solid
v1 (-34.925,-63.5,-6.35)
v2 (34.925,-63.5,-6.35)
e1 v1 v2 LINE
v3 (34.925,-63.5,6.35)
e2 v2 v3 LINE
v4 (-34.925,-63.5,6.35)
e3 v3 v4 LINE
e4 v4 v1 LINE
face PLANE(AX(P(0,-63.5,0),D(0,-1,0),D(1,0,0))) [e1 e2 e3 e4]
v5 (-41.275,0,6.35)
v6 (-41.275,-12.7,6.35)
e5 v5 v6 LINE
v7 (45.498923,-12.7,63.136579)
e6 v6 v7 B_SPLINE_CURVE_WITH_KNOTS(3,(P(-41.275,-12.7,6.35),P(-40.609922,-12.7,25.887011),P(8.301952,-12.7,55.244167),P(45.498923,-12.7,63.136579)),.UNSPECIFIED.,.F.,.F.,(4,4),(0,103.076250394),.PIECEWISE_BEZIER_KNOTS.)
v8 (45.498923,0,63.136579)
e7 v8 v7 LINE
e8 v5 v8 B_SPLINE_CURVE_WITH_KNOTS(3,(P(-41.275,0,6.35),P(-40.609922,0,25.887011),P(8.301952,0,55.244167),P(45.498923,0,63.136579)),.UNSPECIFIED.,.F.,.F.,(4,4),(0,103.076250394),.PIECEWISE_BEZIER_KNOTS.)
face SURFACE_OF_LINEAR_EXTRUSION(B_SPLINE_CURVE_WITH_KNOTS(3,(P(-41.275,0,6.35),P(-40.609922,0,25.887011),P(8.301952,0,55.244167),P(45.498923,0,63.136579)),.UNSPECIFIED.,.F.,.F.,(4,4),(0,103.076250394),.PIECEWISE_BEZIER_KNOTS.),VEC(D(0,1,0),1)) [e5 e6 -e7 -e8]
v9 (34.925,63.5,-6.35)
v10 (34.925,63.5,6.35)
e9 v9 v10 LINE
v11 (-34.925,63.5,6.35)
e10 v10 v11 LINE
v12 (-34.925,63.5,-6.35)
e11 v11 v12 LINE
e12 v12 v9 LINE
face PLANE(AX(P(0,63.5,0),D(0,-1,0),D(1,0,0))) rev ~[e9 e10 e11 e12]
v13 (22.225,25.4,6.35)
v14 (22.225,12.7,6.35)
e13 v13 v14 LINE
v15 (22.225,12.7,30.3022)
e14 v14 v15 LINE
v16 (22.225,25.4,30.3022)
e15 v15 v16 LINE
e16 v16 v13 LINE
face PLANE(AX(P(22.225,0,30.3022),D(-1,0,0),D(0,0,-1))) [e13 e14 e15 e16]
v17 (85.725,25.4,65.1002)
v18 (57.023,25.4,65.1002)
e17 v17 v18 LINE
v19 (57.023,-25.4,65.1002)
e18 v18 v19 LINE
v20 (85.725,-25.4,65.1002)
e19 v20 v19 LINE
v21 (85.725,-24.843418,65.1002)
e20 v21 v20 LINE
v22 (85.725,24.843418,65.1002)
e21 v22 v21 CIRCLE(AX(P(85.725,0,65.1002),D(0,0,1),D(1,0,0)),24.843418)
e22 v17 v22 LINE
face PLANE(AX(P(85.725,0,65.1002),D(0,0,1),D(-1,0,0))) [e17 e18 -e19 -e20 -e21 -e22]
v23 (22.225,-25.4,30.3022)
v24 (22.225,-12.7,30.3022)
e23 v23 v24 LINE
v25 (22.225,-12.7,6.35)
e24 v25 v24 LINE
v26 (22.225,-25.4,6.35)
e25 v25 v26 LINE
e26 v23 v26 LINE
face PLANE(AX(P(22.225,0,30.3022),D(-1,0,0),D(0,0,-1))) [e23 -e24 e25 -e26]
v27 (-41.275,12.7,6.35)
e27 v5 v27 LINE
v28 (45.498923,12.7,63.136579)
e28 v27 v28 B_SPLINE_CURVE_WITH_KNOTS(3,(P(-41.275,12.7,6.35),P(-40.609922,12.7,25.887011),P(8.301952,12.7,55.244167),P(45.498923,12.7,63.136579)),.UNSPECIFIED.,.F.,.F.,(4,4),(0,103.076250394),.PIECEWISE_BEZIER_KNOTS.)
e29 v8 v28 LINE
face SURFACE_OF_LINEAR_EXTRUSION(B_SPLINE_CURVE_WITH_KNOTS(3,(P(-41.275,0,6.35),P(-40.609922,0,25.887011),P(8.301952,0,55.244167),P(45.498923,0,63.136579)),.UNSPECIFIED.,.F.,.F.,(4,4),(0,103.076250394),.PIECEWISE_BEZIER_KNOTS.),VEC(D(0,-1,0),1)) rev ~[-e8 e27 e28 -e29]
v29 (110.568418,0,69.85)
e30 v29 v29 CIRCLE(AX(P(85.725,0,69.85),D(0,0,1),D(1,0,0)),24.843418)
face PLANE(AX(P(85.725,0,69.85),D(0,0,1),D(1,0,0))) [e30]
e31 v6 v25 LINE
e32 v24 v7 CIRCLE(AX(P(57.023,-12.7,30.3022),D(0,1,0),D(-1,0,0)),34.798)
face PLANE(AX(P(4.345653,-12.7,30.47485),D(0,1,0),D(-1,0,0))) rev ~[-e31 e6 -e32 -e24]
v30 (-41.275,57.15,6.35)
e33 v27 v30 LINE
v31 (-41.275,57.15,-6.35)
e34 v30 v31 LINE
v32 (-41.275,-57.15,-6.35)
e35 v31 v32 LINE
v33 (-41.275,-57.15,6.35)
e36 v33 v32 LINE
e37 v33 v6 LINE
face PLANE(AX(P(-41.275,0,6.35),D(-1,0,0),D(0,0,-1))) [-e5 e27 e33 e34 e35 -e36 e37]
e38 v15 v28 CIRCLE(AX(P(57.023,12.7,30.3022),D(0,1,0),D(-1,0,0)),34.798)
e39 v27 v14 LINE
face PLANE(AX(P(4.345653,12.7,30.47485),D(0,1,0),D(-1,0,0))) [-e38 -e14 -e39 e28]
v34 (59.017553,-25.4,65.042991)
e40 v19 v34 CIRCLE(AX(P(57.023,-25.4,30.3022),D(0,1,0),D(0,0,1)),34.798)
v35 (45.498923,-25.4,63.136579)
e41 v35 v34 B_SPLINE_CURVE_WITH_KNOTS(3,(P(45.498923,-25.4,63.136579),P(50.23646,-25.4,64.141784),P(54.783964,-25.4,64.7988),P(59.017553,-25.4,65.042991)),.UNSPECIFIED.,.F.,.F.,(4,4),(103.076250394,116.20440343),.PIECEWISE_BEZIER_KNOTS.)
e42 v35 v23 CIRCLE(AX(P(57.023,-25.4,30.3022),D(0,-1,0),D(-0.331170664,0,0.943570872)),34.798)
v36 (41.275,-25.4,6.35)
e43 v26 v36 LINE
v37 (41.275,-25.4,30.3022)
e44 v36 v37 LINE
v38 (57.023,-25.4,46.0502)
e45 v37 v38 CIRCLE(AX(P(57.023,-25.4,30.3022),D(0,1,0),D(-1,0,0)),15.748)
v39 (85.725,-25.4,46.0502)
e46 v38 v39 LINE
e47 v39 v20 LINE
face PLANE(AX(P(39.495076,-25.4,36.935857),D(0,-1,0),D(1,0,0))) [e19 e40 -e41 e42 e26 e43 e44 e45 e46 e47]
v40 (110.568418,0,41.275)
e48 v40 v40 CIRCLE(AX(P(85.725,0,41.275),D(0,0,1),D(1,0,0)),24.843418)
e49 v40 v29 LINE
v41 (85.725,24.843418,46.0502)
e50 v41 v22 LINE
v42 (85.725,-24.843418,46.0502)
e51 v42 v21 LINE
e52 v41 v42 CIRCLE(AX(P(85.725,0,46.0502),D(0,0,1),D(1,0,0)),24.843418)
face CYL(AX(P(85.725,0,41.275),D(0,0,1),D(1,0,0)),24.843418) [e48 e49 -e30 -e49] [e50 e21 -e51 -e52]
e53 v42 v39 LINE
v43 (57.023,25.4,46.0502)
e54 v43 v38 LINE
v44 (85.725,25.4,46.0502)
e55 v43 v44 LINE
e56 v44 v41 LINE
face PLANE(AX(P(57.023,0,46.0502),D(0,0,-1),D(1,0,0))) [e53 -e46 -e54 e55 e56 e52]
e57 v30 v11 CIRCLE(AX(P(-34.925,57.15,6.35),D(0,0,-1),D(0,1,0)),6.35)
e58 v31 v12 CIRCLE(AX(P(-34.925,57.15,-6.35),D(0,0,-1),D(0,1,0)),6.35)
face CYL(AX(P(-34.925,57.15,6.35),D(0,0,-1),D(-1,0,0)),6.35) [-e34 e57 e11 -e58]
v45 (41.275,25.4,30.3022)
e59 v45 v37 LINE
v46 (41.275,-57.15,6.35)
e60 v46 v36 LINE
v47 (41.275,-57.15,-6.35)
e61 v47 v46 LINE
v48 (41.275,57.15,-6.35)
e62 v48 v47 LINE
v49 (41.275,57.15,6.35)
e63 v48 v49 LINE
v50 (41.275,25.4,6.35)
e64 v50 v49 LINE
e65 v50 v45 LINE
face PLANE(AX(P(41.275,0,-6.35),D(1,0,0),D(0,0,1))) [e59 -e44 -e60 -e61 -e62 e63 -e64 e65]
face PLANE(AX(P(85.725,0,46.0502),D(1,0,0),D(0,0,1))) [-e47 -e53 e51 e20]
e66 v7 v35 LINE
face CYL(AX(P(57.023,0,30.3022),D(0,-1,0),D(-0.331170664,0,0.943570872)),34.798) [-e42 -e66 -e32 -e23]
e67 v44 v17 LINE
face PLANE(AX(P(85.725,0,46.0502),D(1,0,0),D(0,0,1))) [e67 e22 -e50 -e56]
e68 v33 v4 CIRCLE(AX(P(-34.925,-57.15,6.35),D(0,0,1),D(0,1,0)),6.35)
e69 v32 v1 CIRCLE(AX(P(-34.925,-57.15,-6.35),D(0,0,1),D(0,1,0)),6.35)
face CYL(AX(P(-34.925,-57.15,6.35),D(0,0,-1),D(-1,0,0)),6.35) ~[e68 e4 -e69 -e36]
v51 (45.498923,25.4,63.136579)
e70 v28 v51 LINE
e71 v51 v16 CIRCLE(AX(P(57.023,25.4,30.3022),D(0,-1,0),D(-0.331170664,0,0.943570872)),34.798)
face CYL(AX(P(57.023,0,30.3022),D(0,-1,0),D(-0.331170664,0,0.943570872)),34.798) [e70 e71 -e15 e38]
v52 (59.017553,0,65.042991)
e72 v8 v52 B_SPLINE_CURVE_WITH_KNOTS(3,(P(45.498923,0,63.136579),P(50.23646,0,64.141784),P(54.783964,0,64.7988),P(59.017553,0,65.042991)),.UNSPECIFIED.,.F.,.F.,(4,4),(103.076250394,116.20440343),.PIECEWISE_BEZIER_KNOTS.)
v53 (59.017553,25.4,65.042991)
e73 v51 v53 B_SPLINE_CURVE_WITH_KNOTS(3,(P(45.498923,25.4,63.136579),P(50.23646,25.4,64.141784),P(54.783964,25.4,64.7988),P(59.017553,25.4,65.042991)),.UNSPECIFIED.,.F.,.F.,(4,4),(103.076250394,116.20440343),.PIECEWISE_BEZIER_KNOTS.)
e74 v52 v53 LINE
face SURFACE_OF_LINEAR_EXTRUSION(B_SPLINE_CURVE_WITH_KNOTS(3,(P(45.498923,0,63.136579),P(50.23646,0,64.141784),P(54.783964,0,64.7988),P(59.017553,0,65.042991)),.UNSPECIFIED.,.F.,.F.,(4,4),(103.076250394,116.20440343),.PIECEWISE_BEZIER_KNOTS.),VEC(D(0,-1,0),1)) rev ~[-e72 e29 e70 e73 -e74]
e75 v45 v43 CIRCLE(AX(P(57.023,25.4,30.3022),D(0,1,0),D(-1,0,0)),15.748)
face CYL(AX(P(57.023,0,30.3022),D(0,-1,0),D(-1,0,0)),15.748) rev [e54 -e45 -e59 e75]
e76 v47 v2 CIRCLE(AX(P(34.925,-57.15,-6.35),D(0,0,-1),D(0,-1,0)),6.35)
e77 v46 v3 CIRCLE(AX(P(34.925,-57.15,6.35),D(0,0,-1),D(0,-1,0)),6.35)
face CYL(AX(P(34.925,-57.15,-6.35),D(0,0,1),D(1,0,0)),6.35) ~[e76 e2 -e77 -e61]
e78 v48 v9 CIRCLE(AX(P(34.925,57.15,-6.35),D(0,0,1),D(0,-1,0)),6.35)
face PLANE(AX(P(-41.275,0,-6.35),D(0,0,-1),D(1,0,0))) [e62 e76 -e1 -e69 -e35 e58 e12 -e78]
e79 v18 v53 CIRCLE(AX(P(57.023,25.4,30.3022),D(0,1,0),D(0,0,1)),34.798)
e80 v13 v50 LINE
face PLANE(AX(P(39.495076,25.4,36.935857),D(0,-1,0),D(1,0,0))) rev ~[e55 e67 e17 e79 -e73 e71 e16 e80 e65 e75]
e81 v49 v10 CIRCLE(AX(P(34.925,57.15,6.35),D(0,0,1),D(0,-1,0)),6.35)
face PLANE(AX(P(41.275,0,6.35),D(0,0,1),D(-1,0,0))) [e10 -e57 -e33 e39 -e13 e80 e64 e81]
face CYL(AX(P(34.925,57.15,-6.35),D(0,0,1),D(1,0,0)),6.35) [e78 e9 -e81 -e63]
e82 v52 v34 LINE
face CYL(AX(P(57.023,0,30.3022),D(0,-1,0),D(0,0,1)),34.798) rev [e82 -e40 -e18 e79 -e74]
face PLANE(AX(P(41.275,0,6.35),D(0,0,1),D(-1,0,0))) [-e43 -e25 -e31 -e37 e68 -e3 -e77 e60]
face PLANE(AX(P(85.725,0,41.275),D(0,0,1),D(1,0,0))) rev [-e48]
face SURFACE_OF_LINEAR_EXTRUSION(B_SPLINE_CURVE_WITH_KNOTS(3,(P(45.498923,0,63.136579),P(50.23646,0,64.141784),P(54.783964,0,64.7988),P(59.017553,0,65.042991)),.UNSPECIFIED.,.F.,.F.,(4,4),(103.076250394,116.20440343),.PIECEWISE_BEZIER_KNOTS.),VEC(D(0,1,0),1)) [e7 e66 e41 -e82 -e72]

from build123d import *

# Parameters (mm, degrees)
F1_DEPTH = 63.5
F0_W     = 25.9565819922
F0_H     = 19.05
F2_DEPTH = 25.4
F3_DEPTH = 12.7
F5_R     = 6.35


with BuildPart() as f1:
    # F0 (on Front) → F1 (new body, symmetric)
    with BuildSketch(Plane.XZ):
        Polygon((22.225, 6.35), (-41.275, 6.35), (-41.275, -6.35), (41.275, -6.35), (41.275, 6.35), align=None)
    extrude(amount=F1_DEPTH, both=True)

    # F0 (on Front) → F2 (join, symmetric)
    with BuildSketch(Plane.XZ):
        with BuildLine():
            Line((22.225, 30.3022), (22.225, 6.35))
            Line((22.225, 6.35), (41.275, 6.35))
            Line((41.275, 6.35), (41.275, 30.3022))
            ThreePointArc((41.275, 30.3022), (45.8874824099, 41.4377175901), (57.023, 46.0502))
            Line((57.023, 46.0502), (59.7684180078, 46.0502))
            Line((59.7684180078, 46.0502), (59.7684180078, 65.1002))
            Line((59.7684180078, 65.1002), (57.023, 65.1002))
            ThreePointArc((57.023, 65.1002), (58.0206866195, 65.0858948211), (59.0175529571, 65.042991046))
            add(Edge.make_bspline(
                [(45.498923229, 63.1365792171), (50.2364600679, 64.1417845), (54.78396405, 64.7988002062), (59.0175529571, 65.042991046)],
                knots=[103.0762503935, 103.0762503935, 103.0762503935, 103.0762503935, 116.2044034303, 116.2044034303, 116.2044034303, 116.2044034303], degree=3))
            ThreePointArc((45.498923229, 63.1365792171), (28.6336038504, 50.4253953293), (22.225, 30.3022))
        make_face()
        with Locations((72.7467090039, 55.5752)):
            Rectangle(F0_W, F0_H)
    extrude(amount=F2_DEPTH, both=True)

    # F0 (on Front) → F3 (join, symmetric)
    with BuildSketch(Plane.XZ):
        with BuildLine():
            add(Edge.make_bspline(
                [(-41.275, 6.35), (-40.6099216302, 25.8870106414), (8.301951797, 55.244167303), (45.498923229, 63.1365792171)],
                knots=[0, 0, 0, 0, 103.0762503935, 103.0762503935, 103.0762503935, 103.0762503935], degree=3))
            Line((-41.275, 6.35), (22.225, 6.35))
            Line((22.225, 6.35), (22.225, 30.3022))
            ThreePointArc((22.225, 30.3022), (28.6336038504, 50.4253953293), (45.498923229, 63.1365792171))
        make_face()
    extrude(amount=F3_DEPTH, both=True)

    # F0 (on Front) → F4 (revolve)
    with BuildSketch(Plane.XZ):
        Polygon((85.725, 69.85), (85.725, 65.1002), (85.725, 46.0502), (85.725, 41.275), (110.5684180078, 41.275), (110.5684180078, 69.85), align=None)
    revolve(axis=Axis((85.725, 0, 55.5625), (0, 0, 1)))

    # F5
    f5_edges = [f1.edges().sort_by_distance(p)[0] for p in [
        (-41.275, -63.5, 0),
        (41.275, -63.5, 0),
        (41.275, 63.5, 0),
        (-41.275, 63.5, 0),
    ]]
    fillet(f5_edges, radius=F5_R)


solid = f1.part
